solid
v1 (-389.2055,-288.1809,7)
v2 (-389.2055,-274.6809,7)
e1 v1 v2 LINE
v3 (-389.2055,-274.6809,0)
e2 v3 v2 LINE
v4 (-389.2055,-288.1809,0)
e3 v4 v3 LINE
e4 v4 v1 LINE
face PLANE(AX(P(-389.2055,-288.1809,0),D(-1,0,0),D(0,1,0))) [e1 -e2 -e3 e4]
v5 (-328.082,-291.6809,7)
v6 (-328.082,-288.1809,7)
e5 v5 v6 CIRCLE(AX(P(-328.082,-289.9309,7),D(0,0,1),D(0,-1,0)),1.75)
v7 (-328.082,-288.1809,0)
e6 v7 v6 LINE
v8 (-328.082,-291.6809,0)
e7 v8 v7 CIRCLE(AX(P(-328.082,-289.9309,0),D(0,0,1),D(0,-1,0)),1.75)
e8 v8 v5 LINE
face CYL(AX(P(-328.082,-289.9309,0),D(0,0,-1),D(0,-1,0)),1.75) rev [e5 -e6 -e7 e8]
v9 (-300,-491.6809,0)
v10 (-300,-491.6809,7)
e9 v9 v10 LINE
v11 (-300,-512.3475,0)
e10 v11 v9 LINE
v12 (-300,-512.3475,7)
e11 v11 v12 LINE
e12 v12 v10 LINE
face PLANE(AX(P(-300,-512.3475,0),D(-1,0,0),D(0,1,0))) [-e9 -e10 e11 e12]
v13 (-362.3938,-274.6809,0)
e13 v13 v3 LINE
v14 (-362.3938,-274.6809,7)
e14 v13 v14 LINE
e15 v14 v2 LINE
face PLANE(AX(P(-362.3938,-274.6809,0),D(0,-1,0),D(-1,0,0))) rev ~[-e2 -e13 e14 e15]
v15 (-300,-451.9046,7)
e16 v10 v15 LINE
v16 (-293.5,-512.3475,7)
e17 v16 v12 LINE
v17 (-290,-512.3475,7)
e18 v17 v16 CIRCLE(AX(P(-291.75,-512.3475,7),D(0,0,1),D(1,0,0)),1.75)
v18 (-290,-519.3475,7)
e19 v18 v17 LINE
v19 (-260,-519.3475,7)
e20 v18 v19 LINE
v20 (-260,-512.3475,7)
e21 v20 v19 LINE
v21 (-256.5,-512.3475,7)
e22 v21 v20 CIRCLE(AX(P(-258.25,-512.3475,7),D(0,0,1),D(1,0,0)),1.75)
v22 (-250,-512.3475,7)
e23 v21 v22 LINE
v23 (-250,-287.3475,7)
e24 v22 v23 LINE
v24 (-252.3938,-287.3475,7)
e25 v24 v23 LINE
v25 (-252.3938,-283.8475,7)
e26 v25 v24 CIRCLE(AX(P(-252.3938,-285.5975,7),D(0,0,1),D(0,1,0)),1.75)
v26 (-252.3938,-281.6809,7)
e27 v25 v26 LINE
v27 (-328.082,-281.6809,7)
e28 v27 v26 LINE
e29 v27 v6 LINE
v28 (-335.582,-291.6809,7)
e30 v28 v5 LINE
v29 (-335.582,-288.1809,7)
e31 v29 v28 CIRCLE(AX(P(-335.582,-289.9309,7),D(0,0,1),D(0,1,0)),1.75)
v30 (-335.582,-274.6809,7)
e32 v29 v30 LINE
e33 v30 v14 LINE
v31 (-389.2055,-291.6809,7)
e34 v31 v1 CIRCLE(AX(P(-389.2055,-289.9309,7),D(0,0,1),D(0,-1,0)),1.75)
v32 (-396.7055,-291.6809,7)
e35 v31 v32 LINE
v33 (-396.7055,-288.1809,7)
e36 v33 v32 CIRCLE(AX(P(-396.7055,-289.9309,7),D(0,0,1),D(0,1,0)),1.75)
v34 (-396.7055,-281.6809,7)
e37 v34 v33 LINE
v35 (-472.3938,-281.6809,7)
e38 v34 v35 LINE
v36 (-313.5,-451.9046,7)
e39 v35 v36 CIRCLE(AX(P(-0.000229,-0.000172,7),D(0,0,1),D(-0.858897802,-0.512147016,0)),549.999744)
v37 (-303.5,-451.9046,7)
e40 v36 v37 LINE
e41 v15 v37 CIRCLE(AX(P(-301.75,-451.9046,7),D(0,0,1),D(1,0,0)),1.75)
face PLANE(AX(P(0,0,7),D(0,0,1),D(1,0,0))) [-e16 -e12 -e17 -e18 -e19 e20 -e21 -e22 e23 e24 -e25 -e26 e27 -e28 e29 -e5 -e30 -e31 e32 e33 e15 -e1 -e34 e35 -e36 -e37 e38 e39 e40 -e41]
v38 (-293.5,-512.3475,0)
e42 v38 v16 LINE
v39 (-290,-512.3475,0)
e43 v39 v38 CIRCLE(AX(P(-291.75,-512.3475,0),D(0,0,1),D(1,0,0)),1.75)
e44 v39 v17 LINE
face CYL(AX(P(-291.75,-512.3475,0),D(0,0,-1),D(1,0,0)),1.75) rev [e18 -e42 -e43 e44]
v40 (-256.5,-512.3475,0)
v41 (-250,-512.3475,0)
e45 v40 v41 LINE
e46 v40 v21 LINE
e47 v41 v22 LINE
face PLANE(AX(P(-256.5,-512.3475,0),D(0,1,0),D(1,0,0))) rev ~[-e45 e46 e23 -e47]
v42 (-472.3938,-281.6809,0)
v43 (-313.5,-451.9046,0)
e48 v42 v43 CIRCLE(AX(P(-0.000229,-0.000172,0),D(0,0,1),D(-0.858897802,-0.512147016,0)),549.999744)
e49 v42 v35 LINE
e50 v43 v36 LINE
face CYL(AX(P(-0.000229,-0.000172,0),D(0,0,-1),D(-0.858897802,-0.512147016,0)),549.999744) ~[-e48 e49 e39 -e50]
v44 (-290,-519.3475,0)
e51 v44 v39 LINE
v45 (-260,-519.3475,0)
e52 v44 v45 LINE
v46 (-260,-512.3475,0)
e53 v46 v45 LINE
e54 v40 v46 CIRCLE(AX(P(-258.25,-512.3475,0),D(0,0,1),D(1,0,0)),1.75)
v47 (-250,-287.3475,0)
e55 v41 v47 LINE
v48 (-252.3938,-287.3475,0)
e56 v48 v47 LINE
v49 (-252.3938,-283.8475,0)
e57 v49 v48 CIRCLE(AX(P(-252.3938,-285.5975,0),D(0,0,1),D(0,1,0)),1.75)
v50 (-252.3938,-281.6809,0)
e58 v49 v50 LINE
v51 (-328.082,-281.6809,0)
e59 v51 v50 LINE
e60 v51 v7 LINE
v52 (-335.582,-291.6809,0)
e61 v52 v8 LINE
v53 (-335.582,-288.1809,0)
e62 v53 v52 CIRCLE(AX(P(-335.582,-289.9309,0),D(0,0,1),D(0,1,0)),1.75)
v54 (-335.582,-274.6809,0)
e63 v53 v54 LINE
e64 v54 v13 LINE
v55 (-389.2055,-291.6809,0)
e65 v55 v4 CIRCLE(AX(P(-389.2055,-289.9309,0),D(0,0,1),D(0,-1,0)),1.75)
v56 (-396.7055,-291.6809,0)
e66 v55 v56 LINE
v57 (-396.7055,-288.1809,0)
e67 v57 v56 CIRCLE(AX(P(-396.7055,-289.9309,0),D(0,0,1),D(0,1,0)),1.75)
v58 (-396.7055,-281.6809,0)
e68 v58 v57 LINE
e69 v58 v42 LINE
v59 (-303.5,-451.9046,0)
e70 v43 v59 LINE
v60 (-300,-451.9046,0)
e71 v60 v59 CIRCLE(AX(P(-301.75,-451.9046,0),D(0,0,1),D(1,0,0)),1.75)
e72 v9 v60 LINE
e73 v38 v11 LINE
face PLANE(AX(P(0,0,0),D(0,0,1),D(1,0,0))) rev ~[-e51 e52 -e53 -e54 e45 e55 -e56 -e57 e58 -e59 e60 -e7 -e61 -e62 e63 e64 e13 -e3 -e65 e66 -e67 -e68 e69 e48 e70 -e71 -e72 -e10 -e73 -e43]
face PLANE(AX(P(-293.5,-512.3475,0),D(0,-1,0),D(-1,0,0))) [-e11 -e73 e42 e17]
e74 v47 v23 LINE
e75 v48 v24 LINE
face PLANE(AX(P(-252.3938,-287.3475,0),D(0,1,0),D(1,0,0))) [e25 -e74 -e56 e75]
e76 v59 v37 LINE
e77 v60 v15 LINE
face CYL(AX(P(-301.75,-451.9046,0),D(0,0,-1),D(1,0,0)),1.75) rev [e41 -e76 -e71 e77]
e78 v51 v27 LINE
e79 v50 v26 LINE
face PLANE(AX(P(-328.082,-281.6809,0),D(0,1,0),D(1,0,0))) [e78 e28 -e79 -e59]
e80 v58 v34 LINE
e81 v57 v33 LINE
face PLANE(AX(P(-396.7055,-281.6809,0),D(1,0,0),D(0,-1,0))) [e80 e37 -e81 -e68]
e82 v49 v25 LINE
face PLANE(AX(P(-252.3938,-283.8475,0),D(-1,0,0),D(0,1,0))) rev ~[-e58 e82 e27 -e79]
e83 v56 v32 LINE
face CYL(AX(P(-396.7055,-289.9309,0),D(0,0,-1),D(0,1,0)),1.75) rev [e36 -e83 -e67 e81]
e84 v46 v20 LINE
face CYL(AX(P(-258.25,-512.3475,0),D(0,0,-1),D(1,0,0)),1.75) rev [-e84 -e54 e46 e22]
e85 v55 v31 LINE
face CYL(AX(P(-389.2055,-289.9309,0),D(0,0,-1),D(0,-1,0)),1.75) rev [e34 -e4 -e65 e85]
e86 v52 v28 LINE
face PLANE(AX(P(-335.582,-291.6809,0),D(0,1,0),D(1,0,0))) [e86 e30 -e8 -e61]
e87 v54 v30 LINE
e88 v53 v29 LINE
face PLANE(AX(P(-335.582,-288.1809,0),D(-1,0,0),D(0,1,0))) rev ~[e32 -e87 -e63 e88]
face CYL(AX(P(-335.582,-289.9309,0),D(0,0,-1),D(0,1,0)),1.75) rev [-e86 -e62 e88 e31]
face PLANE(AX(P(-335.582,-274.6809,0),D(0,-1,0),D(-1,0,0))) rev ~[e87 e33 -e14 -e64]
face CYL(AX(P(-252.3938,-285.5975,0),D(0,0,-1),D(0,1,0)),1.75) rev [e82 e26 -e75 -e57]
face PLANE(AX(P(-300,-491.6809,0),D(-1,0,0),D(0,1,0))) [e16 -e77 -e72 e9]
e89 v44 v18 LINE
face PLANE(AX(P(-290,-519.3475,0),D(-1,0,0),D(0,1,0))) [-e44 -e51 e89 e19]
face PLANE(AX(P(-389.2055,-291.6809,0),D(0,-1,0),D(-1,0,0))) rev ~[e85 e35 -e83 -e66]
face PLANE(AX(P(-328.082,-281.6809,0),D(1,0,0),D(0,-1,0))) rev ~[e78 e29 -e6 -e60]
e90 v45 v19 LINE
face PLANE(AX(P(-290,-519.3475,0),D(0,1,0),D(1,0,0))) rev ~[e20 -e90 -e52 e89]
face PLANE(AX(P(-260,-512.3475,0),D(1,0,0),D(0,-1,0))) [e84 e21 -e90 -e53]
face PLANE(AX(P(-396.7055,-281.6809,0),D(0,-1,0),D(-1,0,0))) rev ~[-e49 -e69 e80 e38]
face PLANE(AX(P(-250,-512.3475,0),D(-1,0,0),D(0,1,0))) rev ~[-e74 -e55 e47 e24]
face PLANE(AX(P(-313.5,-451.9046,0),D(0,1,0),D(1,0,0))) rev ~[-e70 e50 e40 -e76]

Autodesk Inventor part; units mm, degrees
ref_plane "YZ Plane" through (0, 0, 0) normal (1, 0, 0) x (0, 1, 0)
ref_plane "XZ Plane" through (0, 0, 0) normal (0, 1, 0) x (-1, 0, 0)
ref_plane "XY Plane" through (0, 0, 0) normal (0, 0, 1) x (1, 0, 0)
sketch "Sketch1" plane through (0, 0, 0) normal (0, 0, 1) x (1, 0, 0)
  arc A0 (0, 550) -> (-200, 512.3475) centre (0, 0) ccw construction
  line L0 (-472.3938, -281.6809) -> (-252.3938, -281.6809) construction
  line L1 (-489.0365, 251.6809) -> (-252.3938, 251.6809) construction
  line L2 (-150, 323.3356) -> (-150, 512.3475) construction
  line L3 (-472.3938, 281.6809) -> (-252.3938, 281.6809) construction
  line L4 (-472.3938, -251.6809) -> (-252.3938, -251.6809) construction
  line L5 (-356.435, 15) -> (-576.435, 15) construction
  line L6 (-472.3938, -281.6809) -> (-472.3938, -251.6809) construction
  line L7 (-252.3938, -281.6809) -> (-252.3938, -251.6809) construction
  line L8 (-252.3938, 281.6809) -> (-252.3938, 251.6809) construction
  line L9 (-472.3938, 281.6809) -> (-472.3938, 251.6809) construction
  line L10 (-356.435, 15) -> (-356.435, -15) construction
  line L11 (-356.435, -15) -> (-576.435, -15) construction
  line L12 (-576.435, -15) -> (-576.435, 15) construction
  arc A1 (0, 356.435) -> (-150, 323.3356) centre (0, 0) ccw construction
  arc A2 (-150, -323.3356) -> (0, -356.435) centre (0, 0) ccw construction
  arc A3 (-256.5, -512.3475) -> (-260, -512.3475) centre (-258.25, -512.3475) ccw
  arc A4 (-290, -512.3475) -> (-293.5, -512.3475) centre (-291.75, -512.3475) ccw
  line L13 (-356.1192, -15) -> (-549.7954, -15) construction
  line L14 (-252.3938, 251.6809) -> (-489.0365, 251.6809) construction
  arc A5 (-192.6667, 512.3475) -> (-190, 512.3475) centre (-191.3333, 512.3475) ccw construction
  line L15 (-157.3333, 512.3475) -> (-150, 512.3475) construction
  line L16 (-192.6667, 512.3475) -> (-200, 512.3475) construction
  arc A6 (-160, 512.3475) -> (-157.3333, 512.3475) centre (-158.6667, 512.3475) ccw construction
  line L17 (-171.25, 517.8475) -> (-175, 517.8475) construction
  line L18 (-171.25, 520.5142) -> (-171.25, 525.1809) construction
  line L19 (-161.3333, 532.3475) -> (-188.6667, 532.3475) construction
  line L20 (-190, 531.0142) -> (-190, 512.3475) construction
  line L21 (-160, 531.0142) -> (-160, 512.3475) construction
  arc A7 (-160, 531.0142) -> (-161.3333, 532.3475) centre (-161.3333, 531.0142) ccw construction
  arc A8 (-188.6667, 532.3475) -> (-190, 531.0142) centre (-188.6667, 531.0142) ccw construction
  line L22 (-171.25, 527.8475) -> (-175, 527.8475) construction
  line L23 (-175, 532.3475) -> (-175, 535.9358) construction
  line L24 (-175, 517.8475) -> (-175, 527.8475) construction
  arc A9 (-171.25, 517.8475) -> (-171.25, 520.5142) centre (-171.25, 519.1809) ccw construction
  arc A10 (-171.25, 525.1809) -> (-171.25, 527.8475) centre (-171.25, 526.5142) ccw construction
  line L25 (-178.75, 517.8475) -> (-175, 517.8475) construction
  arc A11 (-178.75, 520.5142) -> (-178.75, 517.8475) centre (-178.75, 519.1809) ccw construction
  line L26 (-178.75, 520.5142) -> (-178.75, 525.1809) construction
  arc A12 (-178.75, 527.8475) -> (-178.75, 525.1809) centre (-178.75, 526.5142) ccw construction
  line L27 (-178.75, 527.8475) -> (-175, 527.8475) construction
  line L28 (-362.3938, -251.6809) -> (-362.3938, -293.6041)
  arc A13 (-389.2055, -291.6809) -> (-389.2055, -288.1809) centre (-389.2055, -289.9309) ccw
  line L29 (-389.2055, -291.6809) -> (-396.7055, -291.6809)
  line L30 (-396.7055, -281.6809) -> (-472.3938, -281.6809)
  line L31 (-328.082, -281.6809) -> (-252.3938, -281.6809)
  line L32 (-252.3938, -287.3475) -> (-250, -287.3475)
  arc A14 (-150, 323.3356) -> (-252.3938, -251.6809) centre (0, 0) ccw construction
  arc A15 (-200, 512.3475) -> (-472.3938, -281.6809) centre (0, 0) ccw construction
  line L33 (-300, -512.3475) -> (-300, -491.6809)
  line L34 (-260, -512.3475) -> (-260, -519.3475)
  line L35 (-290, -519.3475) -> (-290, -512.3475)
  line L36 (-256.5, -512.3475) -> (-250, -512.3475)
  line L37 (-293.5, -512.3475) -> (-300, -512.3475)
  arc A16 (-396.7055, -288.1809) -> (-396.7055, -291.6809) centre (-396.7055, -289.9309) ccw
  line L38 (-396.7055, -281.6809) -> (-396.7055, -288.1809)
  line L39 (-389.2055, -288.1809) -> (-389.2055, -274.6809)
  arc A17 (-335.582, -288.1809) -> (-335.582, -291.6809) centre (-335.582, -289.9309) ccw
  line L40 (-335.582, -291.6809) -> (-328.082, -291.6809)
  arc A18 (-328.082, -291.6809) -> (-328.082, -288.1809) centre (-328.082, -289.9309) ccw
  line L41 (-328.082, -281.6809) -> (-328.082, -288.1809)
  line L42 (-335.582, -288.1809) -> (-335.582, -274.6809)
  arc A19 (-252.3938, -283.8475) -> (-252.3938, -287.3475) centre (-252.3938, -285.5975) ccw
  line L43 (-252.3938, -283.8475) -> (-252.3938, -281.6809)
  line L44 (-335.582, -274.6809) -> (-389.2055, -274.6809)
  arc A20 (-472.3938, -281.6809) -> (-313.5, -451.9046) centre (0, 0) ccw
  line L45 (-250, -512.3475) -> (-250, -287.3475)
  line L46 (-300, -491.6809) -> (-300, -451.9046)
  arc A21 (-300, -451.9046) -> (-303.5, -451.9046) centre (-301.75, -451.9046) ccw
  line L47 (-313.5, -451.9046) -> (-303.5, -451.9046)
  line L48 (-290, -519.3475) -> (-260, -519.3475)
  point P0 (0, 512.3475)
  point P1 (0, -512.3475)
  point P2 (-59.9119, -534.1417)
  point P3 (-160, 532.3475)
  point P4 (-190, 532.3475)
  point P5 (-335.582, -268.123)
  point P6 (-389.2055, -268.123)
  dimension "d13" = 550
  dimension "d17" = 200
  dimension "d18" = 0
  dimension "d54" = 220
  dimension "d56" = 220
  dimension "d57" = 30
  dimension "d59" = 30
  dimension "d62" = 252.3938
  dimension "d73" = 236.6809
  dimension "d74" = 236.6809
  dimension "d75" = 576.435
  dimension "d76" = 472.3938
  dimension "d77" = 472.3938
  dimension "d78" = 30
  dimension "d81" = 220
  dimension "d82" = 252.3938
  dimension "d85" = 356.435
  dimension "d88" = 3.5
  dimension "d91" = 3.5
  dimension "d105" = 2.6667
  dimension "d106" = 30
  dimension "d107" = 20
  dimension "d108" = 2.6667
  dimension "d109" = 1.3333
  dimension "d110" = 7.3333
  dimension "d111" = 7.3333
  dimension "d112" = 7.5
  dimension "d113" = 3.75
  dimension "d114" = 3.75
  dimension "d140" = 7.5
  dimension "d171" = 1.75
  dimension "d172" = 10
  dimension "d173" = 3.5
  dimension "d176" = 7
  dimension "d179" = 230.6667
  dimension "d182" = 3.5
  dimension "d183" = 7
extrude "Extrusion1" add sketch "Sketch1" along normal blind 7
properties part number "Support A1 - V2"
